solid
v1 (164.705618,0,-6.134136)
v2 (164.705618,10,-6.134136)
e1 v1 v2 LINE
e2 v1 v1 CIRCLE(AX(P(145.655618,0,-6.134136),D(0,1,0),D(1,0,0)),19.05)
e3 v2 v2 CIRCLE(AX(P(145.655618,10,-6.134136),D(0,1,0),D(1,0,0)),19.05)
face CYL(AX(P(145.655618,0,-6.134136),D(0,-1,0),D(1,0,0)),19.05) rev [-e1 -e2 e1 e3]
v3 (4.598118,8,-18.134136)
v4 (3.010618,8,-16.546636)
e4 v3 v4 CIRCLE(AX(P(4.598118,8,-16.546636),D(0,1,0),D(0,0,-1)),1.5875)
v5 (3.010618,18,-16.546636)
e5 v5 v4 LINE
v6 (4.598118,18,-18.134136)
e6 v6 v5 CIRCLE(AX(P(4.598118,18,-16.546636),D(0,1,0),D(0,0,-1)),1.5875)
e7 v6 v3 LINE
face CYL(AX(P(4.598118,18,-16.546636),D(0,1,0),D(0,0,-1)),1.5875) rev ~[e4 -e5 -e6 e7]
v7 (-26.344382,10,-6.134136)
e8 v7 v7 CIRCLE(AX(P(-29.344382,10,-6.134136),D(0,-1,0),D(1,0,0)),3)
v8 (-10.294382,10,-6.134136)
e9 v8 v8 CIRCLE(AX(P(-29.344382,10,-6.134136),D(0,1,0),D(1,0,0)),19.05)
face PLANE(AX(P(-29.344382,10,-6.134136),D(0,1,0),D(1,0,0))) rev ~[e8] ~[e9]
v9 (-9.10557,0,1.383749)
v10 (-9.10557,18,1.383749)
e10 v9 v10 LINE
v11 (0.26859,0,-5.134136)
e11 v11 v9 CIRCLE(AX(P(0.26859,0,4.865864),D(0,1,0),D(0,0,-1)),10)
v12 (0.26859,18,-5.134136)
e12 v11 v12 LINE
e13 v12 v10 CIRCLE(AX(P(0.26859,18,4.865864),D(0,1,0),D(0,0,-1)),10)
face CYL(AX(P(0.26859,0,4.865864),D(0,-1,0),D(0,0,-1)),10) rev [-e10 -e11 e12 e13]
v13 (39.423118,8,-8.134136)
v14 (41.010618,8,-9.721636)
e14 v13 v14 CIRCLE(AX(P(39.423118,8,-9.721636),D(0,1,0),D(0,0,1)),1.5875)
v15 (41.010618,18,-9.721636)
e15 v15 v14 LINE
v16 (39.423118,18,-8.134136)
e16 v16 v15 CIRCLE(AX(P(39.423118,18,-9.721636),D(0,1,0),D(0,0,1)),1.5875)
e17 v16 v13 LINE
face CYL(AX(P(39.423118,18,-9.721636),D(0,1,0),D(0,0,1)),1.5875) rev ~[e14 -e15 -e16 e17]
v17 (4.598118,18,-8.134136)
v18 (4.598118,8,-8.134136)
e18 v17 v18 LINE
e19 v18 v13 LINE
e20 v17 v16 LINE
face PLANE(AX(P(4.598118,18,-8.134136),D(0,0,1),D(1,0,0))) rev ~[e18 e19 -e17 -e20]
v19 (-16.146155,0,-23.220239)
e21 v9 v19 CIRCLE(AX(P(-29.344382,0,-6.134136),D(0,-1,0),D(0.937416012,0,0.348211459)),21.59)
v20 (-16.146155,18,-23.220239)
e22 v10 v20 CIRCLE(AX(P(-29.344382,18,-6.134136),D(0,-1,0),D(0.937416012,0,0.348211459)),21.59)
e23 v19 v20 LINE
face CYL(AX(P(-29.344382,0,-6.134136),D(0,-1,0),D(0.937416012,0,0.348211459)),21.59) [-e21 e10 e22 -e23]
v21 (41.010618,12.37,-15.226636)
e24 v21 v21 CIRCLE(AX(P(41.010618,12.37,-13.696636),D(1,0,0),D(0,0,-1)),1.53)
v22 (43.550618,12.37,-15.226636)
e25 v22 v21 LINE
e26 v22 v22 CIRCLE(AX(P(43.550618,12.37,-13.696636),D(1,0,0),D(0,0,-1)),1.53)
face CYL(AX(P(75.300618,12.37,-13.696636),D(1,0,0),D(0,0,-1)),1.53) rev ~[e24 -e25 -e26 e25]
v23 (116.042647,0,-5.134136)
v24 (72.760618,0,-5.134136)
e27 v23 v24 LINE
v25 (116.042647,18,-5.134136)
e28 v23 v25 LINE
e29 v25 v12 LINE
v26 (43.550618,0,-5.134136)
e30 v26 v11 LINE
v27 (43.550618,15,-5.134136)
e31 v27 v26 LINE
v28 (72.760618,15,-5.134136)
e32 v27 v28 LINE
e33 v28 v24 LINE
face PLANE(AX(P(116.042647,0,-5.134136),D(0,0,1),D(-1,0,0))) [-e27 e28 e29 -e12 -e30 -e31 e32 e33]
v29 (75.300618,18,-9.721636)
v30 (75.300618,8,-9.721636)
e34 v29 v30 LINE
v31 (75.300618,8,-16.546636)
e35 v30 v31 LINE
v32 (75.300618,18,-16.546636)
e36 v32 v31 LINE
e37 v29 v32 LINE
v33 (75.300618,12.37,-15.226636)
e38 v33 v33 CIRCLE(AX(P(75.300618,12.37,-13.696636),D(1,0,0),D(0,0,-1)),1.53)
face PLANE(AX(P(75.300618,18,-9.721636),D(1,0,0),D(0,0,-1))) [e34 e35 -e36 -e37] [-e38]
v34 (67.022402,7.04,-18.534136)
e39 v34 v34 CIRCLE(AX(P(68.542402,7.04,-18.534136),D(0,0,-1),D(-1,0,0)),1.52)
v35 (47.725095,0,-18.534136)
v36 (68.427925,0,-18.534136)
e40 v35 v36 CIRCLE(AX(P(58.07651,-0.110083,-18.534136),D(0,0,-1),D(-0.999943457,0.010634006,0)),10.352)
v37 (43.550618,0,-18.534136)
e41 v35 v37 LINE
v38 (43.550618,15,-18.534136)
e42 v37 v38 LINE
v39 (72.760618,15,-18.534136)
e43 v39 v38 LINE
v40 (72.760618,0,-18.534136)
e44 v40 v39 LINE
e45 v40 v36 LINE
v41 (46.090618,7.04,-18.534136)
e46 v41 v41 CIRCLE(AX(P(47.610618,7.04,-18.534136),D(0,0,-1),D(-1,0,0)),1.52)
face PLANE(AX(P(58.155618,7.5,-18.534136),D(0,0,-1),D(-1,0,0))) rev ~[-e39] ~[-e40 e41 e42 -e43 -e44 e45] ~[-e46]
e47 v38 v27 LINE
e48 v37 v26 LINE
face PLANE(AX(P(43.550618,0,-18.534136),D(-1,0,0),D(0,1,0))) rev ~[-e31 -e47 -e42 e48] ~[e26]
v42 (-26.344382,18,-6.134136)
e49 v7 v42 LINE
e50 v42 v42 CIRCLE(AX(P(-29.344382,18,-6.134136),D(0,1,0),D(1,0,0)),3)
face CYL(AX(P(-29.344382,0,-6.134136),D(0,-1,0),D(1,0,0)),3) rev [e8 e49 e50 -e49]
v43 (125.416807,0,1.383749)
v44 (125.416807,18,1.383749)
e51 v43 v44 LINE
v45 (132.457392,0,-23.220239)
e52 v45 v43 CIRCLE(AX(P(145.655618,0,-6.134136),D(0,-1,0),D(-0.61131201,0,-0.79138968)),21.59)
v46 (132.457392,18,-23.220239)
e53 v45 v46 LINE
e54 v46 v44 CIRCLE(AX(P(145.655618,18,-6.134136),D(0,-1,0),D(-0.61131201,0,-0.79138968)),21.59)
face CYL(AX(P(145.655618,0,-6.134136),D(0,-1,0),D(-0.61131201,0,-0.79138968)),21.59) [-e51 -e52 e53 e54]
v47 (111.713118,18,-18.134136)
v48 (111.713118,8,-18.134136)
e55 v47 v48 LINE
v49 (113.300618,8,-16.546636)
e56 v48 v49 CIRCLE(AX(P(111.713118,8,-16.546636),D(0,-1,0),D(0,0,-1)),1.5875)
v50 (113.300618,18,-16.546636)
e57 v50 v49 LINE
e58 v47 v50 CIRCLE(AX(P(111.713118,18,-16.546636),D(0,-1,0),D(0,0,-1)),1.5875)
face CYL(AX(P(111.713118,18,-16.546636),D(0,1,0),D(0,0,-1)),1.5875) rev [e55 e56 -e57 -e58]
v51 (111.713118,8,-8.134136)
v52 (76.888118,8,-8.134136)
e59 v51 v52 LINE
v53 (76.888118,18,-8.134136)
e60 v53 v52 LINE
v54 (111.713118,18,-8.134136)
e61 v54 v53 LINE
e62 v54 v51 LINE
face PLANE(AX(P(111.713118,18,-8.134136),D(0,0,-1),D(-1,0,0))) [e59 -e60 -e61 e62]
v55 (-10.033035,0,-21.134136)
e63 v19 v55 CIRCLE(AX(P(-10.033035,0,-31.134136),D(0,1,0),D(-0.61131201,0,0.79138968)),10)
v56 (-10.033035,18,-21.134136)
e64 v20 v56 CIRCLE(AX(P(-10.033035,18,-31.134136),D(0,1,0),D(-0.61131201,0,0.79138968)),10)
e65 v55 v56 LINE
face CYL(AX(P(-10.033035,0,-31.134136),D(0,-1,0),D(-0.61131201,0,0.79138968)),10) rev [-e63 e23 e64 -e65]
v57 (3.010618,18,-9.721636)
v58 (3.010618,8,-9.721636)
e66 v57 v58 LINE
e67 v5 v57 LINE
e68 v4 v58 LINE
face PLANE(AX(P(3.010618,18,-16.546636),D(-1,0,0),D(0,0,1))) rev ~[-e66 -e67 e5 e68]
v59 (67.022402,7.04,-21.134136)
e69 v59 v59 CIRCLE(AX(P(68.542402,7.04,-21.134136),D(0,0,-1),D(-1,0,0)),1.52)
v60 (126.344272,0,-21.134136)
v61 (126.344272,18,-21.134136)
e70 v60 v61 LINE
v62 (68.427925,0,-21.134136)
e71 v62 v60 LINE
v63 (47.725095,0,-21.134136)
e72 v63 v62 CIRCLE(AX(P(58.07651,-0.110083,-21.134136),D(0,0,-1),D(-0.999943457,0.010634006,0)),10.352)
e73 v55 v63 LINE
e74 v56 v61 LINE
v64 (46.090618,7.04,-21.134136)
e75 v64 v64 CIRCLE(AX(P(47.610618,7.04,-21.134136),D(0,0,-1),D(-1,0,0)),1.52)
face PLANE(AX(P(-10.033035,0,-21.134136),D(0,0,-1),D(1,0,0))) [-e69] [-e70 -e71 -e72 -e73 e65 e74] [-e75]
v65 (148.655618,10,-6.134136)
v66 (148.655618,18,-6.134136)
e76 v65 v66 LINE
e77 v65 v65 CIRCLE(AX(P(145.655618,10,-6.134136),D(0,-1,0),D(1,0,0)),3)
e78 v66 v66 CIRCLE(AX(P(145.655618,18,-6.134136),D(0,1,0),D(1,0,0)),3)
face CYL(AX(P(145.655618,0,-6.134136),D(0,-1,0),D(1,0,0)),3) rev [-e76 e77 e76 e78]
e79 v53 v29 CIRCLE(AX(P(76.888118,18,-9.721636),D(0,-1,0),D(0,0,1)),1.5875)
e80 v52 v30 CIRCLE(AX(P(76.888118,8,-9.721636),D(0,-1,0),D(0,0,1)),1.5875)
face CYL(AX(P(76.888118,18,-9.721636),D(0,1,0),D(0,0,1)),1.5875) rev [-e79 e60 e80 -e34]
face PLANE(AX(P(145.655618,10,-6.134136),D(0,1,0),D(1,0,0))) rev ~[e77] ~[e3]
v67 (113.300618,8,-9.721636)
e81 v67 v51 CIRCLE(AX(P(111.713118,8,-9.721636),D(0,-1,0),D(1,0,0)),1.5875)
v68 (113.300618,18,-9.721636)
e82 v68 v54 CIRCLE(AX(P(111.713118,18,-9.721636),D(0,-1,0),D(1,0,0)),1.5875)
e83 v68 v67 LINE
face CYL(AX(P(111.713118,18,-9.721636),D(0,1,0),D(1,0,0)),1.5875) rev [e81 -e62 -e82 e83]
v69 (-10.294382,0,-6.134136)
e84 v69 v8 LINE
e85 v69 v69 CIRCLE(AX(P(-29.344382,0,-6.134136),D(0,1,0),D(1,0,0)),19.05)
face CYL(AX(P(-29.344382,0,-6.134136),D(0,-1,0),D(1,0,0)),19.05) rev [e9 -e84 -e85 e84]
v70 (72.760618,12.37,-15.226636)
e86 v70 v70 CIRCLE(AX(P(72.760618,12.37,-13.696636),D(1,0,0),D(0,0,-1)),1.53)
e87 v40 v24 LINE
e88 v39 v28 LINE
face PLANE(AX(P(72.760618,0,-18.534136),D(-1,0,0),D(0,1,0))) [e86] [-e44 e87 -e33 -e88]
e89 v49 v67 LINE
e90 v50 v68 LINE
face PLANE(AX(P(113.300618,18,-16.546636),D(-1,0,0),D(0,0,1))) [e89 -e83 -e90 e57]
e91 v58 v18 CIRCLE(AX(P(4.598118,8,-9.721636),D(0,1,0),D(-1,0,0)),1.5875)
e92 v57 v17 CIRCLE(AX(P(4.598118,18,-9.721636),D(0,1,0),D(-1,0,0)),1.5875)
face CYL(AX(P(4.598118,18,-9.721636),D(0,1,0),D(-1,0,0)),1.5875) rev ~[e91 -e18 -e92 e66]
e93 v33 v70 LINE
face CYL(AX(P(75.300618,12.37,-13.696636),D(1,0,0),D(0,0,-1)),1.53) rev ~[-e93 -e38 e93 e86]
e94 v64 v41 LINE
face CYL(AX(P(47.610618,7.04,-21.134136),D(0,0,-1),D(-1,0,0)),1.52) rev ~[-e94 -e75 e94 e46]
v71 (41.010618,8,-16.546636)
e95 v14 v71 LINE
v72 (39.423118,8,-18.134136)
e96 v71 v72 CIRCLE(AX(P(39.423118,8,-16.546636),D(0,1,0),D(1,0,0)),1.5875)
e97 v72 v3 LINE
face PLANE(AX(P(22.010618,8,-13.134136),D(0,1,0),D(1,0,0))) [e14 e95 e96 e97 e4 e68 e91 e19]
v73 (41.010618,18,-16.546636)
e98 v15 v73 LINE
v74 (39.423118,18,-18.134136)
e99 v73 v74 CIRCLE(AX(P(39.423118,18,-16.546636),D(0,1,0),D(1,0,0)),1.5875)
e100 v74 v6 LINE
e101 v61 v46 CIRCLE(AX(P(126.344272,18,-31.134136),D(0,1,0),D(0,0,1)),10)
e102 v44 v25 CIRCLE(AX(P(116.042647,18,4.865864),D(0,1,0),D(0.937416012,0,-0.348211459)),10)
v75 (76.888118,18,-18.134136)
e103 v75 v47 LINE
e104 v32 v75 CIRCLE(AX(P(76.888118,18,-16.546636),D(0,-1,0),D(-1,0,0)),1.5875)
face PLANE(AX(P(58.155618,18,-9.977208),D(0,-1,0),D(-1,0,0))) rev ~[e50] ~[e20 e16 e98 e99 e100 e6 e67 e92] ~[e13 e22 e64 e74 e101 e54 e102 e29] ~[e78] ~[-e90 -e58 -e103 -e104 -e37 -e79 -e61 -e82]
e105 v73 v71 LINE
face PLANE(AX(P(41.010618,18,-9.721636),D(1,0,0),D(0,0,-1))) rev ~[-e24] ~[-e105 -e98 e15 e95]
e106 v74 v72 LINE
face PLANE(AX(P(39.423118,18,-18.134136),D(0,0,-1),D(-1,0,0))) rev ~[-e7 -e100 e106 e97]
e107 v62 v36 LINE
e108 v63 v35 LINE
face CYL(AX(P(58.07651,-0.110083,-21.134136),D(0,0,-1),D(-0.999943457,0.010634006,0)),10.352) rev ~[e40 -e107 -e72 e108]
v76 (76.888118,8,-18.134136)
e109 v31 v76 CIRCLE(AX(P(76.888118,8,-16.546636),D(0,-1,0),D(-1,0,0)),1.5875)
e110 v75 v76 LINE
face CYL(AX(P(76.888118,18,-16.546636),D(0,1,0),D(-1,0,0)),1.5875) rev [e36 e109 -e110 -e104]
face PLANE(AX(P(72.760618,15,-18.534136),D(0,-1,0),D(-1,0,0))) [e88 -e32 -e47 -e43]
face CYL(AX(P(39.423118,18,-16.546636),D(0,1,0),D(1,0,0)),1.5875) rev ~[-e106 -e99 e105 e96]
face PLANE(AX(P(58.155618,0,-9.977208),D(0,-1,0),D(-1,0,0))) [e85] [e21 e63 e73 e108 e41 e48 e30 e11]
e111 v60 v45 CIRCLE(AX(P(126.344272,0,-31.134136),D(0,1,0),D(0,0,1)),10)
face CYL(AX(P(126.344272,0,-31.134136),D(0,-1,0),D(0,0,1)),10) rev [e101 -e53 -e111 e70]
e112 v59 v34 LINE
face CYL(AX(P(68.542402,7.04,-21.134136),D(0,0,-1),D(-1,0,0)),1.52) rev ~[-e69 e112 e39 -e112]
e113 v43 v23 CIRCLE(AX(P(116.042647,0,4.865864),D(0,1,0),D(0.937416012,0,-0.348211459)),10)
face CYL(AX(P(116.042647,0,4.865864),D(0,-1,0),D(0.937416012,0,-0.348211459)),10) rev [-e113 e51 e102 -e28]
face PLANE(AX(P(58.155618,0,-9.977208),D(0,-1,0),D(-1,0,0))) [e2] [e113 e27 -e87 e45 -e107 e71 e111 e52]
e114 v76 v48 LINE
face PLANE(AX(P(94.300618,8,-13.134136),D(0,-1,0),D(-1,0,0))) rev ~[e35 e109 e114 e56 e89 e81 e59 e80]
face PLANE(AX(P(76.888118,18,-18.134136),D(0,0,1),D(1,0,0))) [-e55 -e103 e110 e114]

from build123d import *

# Parameters (mm, degrees)
SKETCH1_R      = 3
EXTRUDE1_DEPTH = 18
SKETCH1_3_R    = 19.05
EXTRUDE2_DEPTH = 10
SKETCH2_R      = 1.52
EXTRUDE3_DEPTH = 37.59
EXTRUDE4_START = -2.6
SKETCH3_W      = 29.21
SKETCH3_H      = 15
EXTRUDE4_DEPTH = 34.99
EXTRUDE6_DEPTH = 10
SKETCH8_R      = 1.53
EXTRUDE7_DEPTH = 43
EXTRUDE8_DEPTH = 37.59


with BuildPart() as part:
    # Sketch1 → Extrude1 (new body)
    with BuildSketch(Plane(origin=(0, 0, 0), x_dir=(1, 0, 0), z_dir=(0, 1, 0))):
        with BuildLine():
            Line((-10.033035154, 21.134136258), (126.344272034, 21.134136258))
            ThreePointArc((126.344272034, 21.134136258), (129.573902971, 21.670020662), (132.457392138, 23.220239455))
            ThreePointArc((132.457392138, 23.220239455), (166.412495407, 0.194425945), (125.416806741, -1.383749149))
            ThreePointArc((125.416806741, -1.383749149), (121.751361628, 3.344530461), (116.04264662, 5.134136258))
            Line((116.04264662, 5.134136258), (0.26859026, 5.134136258))
            ThreePointArc((0.26859026, 5.134136258), (-5.440124747, 3.344530461), (-9.10556986, -1.383749149))
            ThreePointArc((-9.10556986, -1.383749149), (-50.101258526, 0.194425945), (-16.146155257, 23.220239455))
            ThreePointArc((-16.146155257, 23.220239455), (-13.262666091, 21.670020662), (-10.033035154, 21.134136258))
        make_face()
        with Locations((-29.34438156, 6.134136258)):
            Circle(SKETCH1_R, mode=Mode.SUBTRACT)
        with Locations((145.65561844, 6.134136258)):
            Circle(SKETCH1_R, mode=Mode.SUBTRACT)
    extrude(amount=EXTRUDE1_DEPTH)

    # Sketch1<3> → Extrude2 (cut)
    with BuildSketch(Plane(origin=(0, 0, 0), x_dir=(1, 0, 0), z_dir=(0, 1, 0))):
        with Locations((-29.34438156, 6.134136258)):
            Circle(SKETCH1_3_R)
        with Locations((145.65561844, 6.134136258)):
            Circle(SKETCH1_3_R)
    extrude(amount=EXTRUDE2_DEPTH, mode=Mode.SUBTRACT)

    # Sketch2 → Extrude3 (cut, through all)
    with BuildSketch(Plane(origin=(0, 0, -21.134136258), x_dir=(-1, 0, 0), z_dir=(0, 0, -1))):
        with Locations((-68.542401875, 7.04)):
            Circle(SKETCH2_R)
        with Locations((-47.61061844, 7.04)):
            Circle(SKETCH2_R)
    extrude(amount=-EXTRUDE3_DEPTH, mode=Mode.SUBTRACT)

    # Sketch3 → Extrude4 (cut, through all)
    with BuildSketch(Plane(origin=(0, 0, -21.134136258), x_dir=(-1, 0, 0), z_dir=(0, 0, -1)).offset(EXTRUDE4_START)):
        with Locations((-58.15561844, 7.5)):
            Rectangle(SKETCH3_W, SKETCH3_H)
    extrude(amount=-EXTRUDE4_DEPTH, mode=Mode.SUBTRACT)

    # Sketch6 → Extrude6 (cut)
    with BuildSketch(Plane(origin=(0, 18, 0), x_dir=(1, 0, 0), z_dir=(0, 1, 0))):
        with BuildLine():
            Line((41.01061844, 13.134136258), (41.01061844, 16.546636258))
            ThreePointArc((41.01061844, 16.546636258), (40.545650455, 17.669168273), (39.42311844, 18.134136258))
            Line((39.42311844, 18.134136258), (4.59811844, 18.134136258))
            ThreePointArc((4.59811844, 18.134136258), (3.475586425, 17.669168273), (3.01061844, 16.546636258))
            Line((3.01061844, 16.546636258), (3.01061844, 9.721636258))
            ThreePointArc((3.01061844, 9.721636258), (3.475586425, 8.599104243), (4.59811844, 8.134136258))
            Line((4.59811844, 8.134136258), (39.42311844, 8.134136258))
            ThreePointArc((39.42311844, 8.134136258), (40.545650455, 8.599104243), (41.01061844, 9.721636258))
            Line((41.01061844, 9.721636258), (41.01061844, 13.134136258))
        make_face()
        with BuildLine():
            Line((75.30061844, 9.721636258), (75.30061844, 13.134136258))
            Line((75.30061844, 13.134136258), (75.30061844, 16.546636258))
            ThreePointArc((75.30061844, 16.546636258), (75.765586425, 17.669168273), (76.88811844, 18.134136258))
            Line((76.88811844, 18.134136258), (111.71311844, 18.134136258))
            ThreePointArc((111.71311844, 18.134136258), (112.835650455, 17.669168273), (113.30061844, 16.546636258))
            Line((113.30061844, 16.546636258), (113.30061844, 9.721636258))
            ThreePointArc((113.30061844, 9.721636258), (112.835650455, 8.599104243), (111.71311844, 8.134136258))
            Line((111.71311844, 8.134136258), (76.88811844, 8.134136258))
            ThreePointArc((76.88811844, 8.134136258), (75.765586425, 8.599104243), (75.30061844, 9.721636258))
        make_face()
    extrude(amount=-EXTRUDE6_DEPTH, mode=Mode.SUBTRACT)

    # Sketch8 → Extrude7 (cut)
    with BuildSketch(Plane(origin=(75.30061844, 0, 0), x_dir=(0, 0, -1), z_dir=(1, 0, 0))):
        with Locations((13.696636258, 12.37)):
            Circle(SKETCH8_R)
    extrude(amount=-EXTRUDE7_DEPTH, mode=Mode.SUBTRACT)

    # Sketch9 → Extrude8 (cut, through all)
    with BuildSketch(Plane(origin=(0, 0, -21.134136258), x_dir=(-1, 0, 0), z_dir=(0, 0, -1))):
        with BuildLine():
            ThreePointArc((-68.427924828, 0), (-58.131552552, -10.4619369), (-47.724510158, -0.110083234))
            ThreePointArc((-47.724510158, -0.110083234), (-47.724656491, -0.055040839), (-47.725095487, 0))
            Line((-47.725095487, 0), (-68.427924828, 0))
        make_face()
        with BuildLine():
            Line((-68.427924828, 0), (-47.725095487, 0))
            ThreePointArc((-47.725095487, 0), (-58.076510158, 10.241916766), (-68.427924828, 0))
        make_face()
    extrude(amount=-EXTRUDE8_DEPTH, mode=Mode.SUBTRACT)


solid = part.part
